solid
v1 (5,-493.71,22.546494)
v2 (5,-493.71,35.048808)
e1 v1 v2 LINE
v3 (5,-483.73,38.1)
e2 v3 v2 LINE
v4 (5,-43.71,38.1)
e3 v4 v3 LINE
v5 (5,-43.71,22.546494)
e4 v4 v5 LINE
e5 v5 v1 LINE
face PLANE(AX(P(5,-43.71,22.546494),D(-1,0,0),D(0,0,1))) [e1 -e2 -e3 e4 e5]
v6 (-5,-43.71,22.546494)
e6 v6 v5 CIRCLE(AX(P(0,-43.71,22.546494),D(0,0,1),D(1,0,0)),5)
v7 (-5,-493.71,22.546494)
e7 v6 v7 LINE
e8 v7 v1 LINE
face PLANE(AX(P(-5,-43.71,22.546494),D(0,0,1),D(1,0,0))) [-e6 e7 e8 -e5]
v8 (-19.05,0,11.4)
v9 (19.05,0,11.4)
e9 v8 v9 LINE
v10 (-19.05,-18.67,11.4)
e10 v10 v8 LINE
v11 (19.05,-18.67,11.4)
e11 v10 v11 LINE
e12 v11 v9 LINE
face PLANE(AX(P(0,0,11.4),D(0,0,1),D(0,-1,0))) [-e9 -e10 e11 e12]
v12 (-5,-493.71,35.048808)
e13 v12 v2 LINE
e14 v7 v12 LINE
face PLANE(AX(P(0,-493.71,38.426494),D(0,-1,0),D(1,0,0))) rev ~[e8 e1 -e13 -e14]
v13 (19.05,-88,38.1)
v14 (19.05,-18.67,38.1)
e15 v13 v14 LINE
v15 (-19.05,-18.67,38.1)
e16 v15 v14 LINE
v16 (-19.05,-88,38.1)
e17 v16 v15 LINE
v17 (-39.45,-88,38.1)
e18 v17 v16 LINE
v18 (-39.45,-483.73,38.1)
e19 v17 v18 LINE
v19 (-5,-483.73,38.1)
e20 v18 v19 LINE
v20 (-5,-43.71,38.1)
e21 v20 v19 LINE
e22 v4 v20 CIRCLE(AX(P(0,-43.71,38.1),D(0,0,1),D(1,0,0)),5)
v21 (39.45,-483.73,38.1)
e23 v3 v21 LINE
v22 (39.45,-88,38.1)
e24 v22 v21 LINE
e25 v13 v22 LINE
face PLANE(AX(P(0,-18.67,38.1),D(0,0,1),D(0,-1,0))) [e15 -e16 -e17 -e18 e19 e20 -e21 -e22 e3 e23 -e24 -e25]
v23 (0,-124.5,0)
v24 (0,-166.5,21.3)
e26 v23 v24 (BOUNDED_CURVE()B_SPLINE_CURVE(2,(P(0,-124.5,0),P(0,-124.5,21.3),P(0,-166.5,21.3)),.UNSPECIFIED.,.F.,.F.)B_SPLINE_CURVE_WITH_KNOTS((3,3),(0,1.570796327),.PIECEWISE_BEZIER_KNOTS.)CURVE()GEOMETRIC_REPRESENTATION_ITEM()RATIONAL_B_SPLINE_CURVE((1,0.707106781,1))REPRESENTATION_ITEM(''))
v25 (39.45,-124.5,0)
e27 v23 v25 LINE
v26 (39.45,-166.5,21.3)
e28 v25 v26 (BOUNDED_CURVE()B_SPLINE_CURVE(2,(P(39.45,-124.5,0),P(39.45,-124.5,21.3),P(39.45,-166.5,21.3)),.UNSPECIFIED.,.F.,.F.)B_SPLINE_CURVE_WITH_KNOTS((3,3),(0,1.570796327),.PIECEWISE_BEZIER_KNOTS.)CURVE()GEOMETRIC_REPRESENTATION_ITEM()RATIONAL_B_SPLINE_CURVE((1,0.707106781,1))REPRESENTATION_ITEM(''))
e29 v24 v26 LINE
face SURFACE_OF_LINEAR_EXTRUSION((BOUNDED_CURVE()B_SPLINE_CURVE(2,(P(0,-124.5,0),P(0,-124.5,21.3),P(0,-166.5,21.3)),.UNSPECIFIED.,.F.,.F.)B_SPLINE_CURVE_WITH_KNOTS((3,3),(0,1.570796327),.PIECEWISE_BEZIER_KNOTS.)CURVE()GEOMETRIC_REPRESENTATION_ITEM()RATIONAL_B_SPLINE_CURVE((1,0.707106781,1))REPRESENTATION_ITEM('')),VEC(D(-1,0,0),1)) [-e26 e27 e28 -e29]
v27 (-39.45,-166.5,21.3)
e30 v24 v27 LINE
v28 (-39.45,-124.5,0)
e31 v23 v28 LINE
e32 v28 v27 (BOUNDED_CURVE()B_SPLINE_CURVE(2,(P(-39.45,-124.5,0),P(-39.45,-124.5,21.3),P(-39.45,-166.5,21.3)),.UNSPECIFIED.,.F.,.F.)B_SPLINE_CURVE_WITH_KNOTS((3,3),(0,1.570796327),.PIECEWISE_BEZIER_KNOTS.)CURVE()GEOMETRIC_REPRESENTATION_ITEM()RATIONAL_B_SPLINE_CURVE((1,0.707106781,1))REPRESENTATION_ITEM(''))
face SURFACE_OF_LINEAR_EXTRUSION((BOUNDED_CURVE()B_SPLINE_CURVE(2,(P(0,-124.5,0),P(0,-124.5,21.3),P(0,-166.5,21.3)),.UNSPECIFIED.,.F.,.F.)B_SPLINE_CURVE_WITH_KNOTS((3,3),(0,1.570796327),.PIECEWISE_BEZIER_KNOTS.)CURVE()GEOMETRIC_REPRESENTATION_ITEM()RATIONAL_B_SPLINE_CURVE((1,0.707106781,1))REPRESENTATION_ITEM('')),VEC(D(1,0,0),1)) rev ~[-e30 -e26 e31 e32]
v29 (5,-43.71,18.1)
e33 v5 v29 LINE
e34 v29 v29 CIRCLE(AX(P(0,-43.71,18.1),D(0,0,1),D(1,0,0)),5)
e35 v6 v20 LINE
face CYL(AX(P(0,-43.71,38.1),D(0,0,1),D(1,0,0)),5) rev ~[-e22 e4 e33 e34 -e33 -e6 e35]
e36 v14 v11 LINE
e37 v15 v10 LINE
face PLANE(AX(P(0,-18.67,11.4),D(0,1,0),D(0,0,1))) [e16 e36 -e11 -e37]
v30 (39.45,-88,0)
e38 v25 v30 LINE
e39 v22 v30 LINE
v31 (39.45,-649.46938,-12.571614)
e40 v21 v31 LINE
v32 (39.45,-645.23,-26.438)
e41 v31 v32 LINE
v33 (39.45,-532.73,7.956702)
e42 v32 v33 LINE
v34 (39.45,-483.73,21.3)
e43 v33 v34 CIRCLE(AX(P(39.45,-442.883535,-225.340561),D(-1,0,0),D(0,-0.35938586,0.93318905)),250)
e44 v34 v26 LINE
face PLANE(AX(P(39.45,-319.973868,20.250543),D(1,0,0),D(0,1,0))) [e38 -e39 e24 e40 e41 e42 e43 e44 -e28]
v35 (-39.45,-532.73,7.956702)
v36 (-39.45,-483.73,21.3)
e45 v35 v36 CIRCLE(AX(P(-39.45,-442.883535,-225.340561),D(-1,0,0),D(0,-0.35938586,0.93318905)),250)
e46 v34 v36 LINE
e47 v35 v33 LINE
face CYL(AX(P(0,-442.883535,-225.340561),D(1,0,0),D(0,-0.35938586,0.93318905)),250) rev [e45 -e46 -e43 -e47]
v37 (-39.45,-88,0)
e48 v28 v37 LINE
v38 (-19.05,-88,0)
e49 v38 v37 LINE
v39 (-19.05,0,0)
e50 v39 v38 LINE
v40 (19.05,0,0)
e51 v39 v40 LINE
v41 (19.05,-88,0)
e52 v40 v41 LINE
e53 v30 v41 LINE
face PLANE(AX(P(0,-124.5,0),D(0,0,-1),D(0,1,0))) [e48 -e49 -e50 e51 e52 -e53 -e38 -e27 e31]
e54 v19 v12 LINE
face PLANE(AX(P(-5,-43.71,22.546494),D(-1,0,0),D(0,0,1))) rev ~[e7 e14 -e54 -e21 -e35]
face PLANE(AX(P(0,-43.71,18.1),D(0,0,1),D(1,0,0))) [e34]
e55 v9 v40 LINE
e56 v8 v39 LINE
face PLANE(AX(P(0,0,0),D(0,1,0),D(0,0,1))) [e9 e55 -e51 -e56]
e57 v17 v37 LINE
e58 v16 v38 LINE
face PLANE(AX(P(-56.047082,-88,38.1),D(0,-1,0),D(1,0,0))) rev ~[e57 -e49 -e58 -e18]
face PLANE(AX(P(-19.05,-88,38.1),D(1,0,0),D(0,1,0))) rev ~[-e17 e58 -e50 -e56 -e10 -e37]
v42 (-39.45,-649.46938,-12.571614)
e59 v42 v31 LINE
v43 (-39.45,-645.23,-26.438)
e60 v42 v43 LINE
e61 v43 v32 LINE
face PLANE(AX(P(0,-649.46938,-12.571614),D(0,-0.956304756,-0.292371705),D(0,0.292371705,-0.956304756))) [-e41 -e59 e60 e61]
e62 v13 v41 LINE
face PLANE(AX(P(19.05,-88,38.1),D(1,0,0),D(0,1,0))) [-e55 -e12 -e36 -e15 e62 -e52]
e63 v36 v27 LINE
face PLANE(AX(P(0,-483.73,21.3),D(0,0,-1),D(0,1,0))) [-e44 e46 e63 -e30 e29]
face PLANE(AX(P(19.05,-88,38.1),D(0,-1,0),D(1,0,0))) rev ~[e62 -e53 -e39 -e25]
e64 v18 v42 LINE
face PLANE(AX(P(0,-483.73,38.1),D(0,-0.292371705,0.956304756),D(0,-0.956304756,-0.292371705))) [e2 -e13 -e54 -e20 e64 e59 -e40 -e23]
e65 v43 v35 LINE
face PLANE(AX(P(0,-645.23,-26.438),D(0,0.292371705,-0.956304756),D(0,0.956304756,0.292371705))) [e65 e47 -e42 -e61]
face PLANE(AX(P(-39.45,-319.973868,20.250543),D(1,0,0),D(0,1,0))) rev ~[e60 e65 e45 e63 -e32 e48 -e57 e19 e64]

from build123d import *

# Parameters (mm, degrees)
F1_DEPTH  = 39.45
F2_W      = 36.9970819473
F2_H      = 107.2933008075
F10_DEPTH = 64.5390001
F3_R      = 5
F4_DEPTH  = 20
F6_W      = 10
F6_H      = 31.76
F7_DEPTH  = 450


with BuildPart() as f1:
    # F0 (on Right) → F1 (new body, symmetric)
    with BuildSketch(Plane.YZ):
        with BuildLine():
            Line((-124.5, 0), (0, 0))
            Line((0, 0), (0, 11.4))
            Line((0, 11.4), (-18.67, 11.4))
            Line((-18.67, 11.4), (-18.67, 38.1))
            Line((-18.67, 38.1), (-483.73, 38.1))
            Line((-483.73, 38.1), (-649.4693797859, -12.5716135265))
            Line((-649.4693797859, -12.5716135265), (-645.23, -26.438))
            Line((-645.23, -26.438), (-532.73, 7.9567016641))
            ThreePointArc((-532.73, 7.9567016641), (-508.5696932883, 15.8757913603), (-483.73, 21.3))
            Line((-483.73, 21.3), (-425.73, 21.3))
            Line((-425.73, 21.3), (-166.5, 21.3))
            add(Edge.make_bspline(
                [(-124.5, 0), (-124.5, 21.3), (-166.5, 21.3)],
                knots=[0, 0, 0, 1.5707963268, 1.5707963268, 1.5707963268], degree=2, weights=[1, 0.7071067812, 1]))
        make_face()
    extrude(amount=F1_DEPTH, both=True)

    # F2 (on face) → F10 (cut, through all)
    with BuildSketch(Plane.XY.offset(38.1)):
        with Locations((37.5485409737, -34.3533495963)):
            Rectangle(F2_W, F2_H)
        with Locations((-37.5485409737, -34.3533495963)):
            Rectangle(F2_W, F2_H)
    extrude(amount=-F10_DEPTH, mode=Mode.SUBTRACT)

    # F3 (on face) → F4 (cut)
    with BuildSketch(Plane.XY.offset(38.1)):
        with Locations((0, -43.71)):
            Circle(F3_R)
    extrude(amount=-F4_DEPTH, mode=Mode.SUBTRACT)

    # F6 (on plane+point) → F7 (cut)
    with BuildSketch(Plane.XZ.offset(43.71)):
        with Locations((0, 38.4264938357)):
            Rectangle(F6_W, F6_H)
    extrude(amount=F7_DEPTH, mode=Mode.SUBTRACT)


solid = f1.part
